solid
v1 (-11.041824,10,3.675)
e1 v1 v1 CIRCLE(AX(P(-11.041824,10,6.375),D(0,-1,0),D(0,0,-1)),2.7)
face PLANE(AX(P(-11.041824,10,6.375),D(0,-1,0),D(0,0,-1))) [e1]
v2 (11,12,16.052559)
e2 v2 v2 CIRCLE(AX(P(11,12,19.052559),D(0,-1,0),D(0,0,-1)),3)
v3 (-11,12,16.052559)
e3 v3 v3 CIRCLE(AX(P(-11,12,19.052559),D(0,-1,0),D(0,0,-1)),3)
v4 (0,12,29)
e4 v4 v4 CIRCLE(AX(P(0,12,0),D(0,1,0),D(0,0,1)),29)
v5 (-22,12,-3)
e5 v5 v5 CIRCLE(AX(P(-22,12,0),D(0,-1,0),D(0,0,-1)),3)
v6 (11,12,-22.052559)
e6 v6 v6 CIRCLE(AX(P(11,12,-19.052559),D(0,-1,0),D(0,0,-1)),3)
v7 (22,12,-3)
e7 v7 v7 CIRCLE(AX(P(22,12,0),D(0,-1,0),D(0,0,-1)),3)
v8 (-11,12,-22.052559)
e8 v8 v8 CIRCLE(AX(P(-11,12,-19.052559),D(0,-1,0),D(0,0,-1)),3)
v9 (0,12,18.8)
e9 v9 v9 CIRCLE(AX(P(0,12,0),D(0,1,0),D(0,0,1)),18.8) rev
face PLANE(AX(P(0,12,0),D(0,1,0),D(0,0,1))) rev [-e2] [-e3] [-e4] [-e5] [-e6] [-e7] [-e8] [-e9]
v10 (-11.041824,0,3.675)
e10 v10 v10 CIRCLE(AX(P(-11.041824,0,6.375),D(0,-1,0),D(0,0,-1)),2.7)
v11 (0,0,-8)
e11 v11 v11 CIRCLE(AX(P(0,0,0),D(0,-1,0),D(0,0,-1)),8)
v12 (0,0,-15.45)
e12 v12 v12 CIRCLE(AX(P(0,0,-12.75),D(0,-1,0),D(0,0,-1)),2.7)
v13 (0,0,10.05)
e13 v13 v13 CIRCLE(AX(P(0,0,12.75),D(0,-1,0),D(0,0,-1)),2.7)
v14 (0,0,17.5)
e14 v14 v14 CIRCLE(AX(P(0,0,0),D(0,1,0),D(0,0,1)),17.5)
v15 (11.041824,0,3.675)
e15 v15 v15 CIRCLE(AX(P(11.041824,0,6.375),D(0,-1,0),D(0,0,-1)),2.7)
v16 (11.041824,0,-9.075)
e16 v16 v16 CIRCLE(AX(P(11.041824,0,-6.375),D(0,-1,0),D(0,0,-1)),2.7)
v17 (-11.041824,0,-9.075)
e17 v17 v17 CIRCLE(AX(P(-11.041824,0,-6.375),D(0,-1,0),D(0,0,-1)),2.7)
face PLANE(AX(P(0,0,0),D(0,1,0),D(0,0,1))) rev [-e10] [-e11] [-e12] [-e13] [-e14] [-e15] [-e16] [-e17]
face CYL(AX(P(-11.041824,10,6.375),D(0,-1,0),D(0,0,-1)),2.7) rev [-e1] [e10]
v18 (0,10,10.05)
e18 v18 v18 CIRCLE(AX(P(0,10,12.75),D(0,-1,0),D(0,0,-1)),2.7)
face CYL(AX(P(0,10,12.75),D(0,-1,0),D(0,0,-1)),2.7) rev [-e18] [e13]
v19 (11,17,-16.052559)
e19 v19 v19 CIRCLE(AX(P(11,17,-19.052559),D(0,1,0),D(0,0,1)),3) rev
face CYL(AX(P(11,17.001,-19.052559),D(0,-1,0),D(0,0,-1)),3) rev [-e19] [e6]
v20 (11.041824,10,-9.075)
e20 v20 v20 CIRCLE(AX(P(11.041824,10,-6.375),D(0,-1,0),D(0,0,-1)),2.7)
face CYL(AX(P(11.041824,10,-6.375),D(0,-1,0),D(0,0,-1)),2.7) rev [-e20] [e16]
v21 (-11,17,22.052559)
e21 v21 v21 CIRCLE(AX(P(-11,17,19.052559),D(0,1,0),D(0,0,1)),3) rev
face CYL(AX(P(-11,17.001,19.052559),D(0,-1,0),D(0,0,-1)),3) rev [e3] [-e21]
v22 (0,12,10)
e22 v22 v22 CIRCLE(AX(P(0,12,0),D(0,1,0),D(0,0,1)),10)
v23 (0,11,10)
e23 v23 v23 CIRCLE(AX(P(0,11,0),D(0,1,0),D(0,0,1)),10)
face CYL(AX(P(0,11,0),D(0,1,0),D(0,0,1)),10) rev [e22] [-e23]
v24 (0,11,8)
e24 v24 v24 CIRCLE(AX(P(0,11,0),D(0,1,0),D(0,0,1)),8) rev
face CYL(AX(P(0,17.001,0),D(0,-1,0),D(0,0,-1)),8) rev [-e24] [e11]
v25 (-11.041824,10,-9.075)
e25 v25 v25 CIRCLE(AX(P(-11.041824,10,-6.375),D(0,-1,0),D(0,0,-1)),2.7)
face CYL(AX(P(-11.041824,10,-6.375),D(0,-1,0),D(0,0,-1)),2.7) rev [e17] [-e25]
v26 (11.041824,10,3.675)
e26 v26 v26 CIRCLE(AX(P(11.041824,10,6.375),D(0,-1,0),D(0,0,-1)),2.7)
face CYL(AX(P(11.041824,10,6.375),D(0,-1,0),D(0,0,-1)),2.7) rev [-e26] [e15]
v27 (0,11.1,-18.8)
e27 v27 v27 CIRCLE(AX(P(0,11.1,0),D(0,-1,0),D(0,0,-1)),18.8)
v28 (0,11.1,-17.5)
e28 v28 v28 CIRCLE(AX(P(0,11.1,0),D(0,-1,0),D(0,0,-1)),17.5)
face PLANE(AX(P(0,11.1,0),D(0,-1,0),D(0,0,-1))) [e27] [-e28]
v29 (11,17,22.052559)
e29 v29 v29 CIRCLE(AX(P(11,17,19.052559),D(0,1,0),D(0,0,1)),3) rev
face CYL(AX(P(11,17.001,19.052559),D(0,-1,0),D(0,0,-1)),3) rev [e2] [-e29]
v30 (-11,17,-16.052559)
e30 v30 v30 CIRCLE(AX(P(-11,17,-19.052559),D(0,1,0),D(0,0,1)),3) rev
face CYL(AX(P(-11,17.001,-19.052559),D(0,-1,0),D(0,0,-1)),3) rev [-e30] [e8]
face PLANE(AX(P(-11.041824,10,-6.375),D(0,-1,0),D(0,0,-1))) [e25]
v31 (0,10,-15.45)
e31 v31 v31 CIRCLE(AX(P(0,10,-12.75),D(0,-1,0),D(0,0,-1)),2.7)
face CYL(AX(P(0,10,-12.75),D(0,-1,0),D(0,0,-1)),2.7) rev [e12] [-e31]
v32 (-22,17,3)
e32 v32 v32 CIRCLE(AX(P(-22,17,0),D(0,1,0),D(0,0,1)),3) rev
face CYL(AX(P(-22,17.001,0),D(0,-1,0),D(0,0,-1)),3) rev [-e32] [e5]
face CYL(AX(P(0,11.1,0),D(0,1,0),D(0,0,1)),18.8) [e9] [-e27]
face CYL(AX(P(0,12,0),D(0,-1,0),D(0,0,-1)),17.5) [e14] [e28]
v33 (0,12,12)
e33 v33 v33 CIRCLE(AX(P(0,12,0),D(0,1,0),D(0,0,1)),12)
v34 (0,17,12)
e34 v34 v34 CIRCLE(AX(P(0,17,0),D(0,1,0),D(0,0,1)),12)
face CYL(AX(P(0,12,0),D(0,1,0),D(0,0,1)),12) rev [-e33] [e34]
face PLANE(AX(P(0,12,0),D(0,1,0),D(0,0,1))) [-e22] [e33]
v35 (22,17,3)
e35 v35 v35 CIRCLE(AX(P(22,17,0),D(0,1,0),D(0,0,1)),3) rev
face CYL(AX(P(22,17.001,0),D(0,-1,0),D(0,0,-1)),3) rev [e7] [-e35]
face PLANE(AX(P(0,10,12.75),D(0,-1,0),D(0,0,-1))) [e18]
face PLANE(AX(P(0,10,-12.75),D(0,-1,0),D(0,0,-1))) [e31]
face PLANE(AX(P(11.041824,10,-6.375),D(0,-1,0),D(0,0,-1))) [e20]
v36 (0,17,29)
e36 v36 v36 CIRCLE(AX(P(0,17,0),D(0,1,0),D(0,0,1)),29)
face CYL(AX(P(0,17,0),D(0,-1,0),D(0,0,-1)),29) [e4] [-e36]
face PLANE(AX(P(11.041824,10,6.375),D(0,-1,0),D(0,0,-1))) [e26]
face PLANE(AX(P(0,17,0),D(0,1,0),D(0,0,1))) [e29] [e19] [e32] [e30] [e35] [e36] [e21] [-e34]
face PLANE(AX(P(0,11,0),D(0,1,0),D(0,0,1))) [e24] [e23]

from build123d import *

# Parameters (mm, degrees)
SKETCH1_R           = 17.5
BOSS_EXTRUDE1_DEPTH = 12
SKETCH2_R           = 29
BOSS_EXTRUDE2_DEPTH = 5
SKETCH3_R           = 12
CUT_EXTRUDE1_DEPTH  = 5
SKETCH4_R           = 10
CUT_EXTRUDE2_DEPTH  = 1
CUT_EXTRUDE3_REACH  = 44.732
SKETCH5_R           = 3
BOSS_EXTRUDE3_START = 0.9
SKETCH6_R           = 18.8
SKETCH6_R_2         = 17.5
BOSS_EXTRUDE3_DEPTH = 0.9
CUT_EXTRUDE4_REACH  = 46.396
SKETCH7_R           = 8
SKETCH9_R           = 2.7
CUT_EXTRUDE5_DEPTH  = 10


with BuildPart() as part:
    # Sketch1 → Boss-Extrude1 (new body)
    with BuildSketch(Plane(origin=(0, 0, 0), x_dir=(1, 0, 0), z_dir=(0, 1, 0))):
        with Locations(Location((0, 0, 0), (0, 0, 270))):
            Circle(SKETCH1_R)
    extrude(amount=BOSS_EXTRUDE1_DEPTH)

    # Sketch2 → Boss-Extrude2 (add)
    with BuildSketch(Plane(origin=(0, 12, 0), x_dir=(1, 0, 0), z_dir=(0, 1, 0))):
        with Locations(Location((0, 0, 0), (0, 0, 270))):
            Circle(SKETCH2_R)
    extrude(amount=BOSS_EXTRUDE2_DEPTH)

    # Sketch3 → Cut-Extrude1 (cut)
    with BuildSketch(Plane(origin=(0, 17, 0), x_dir=(1, 0, 0), z_dir=(0, 1, 0))):
        with Locations(Location((0, 0, 0), (0, 0, 270))):
            Circle(SKETCH3_R)
    extrude(amount=-CUT_EXTRUDE1_DEPTH, mode=Mode.SUBTRACT)

    # Sketch4 → Cut-Extrude2 (cut)
    with BuildSketch(Plane(origin=(0, 12, 0), x_dir=(1, 0, 0), z_dir=(0, 1, 0))):
        with Locations(Location((0, 0, 0), (0, 0, 270))):
            Circle(SKETCH4_R)
    extrude(amount=-CUT_EXTRUDE2_DEPTH, mode=Mode.SUBTRACT)

    # Sketch5 → Cut-Extrude3 (cut, up to next)
    with BuildSketch(Plane.XZ.offset(-12), mode=Mode.PRIVATE) as cut_extrude3_sk1:
        with Locations(Location((22, 0, 0), (0, 0, 270))):
            Circle(SKETCH5_R)
    cut_extrude3_tool1 = extrude(cut_extrude3_sk1.sketch, amount=-CUT_EXTRUDE3_REACH, mode=Mode.PRIVATE) & part.part
    # Sketch5 → Cut-Extrude3 (cut, up to next)
    with BuildSketch(Plane.XZ.offset(-12), mode=Mode.PRIVATE) as cut_extrude3_sk2:
        with Locations(Location((11, -19.052558883, 0), (0, 0, 270))):
            Circle(SKETCH5_R)
    cut_extrude3_tool2 = extrude(cut_extrude3_sk2.sketch, amount=-CUT_EXTRUDE3_REACH, mode=Mode.PRIVATE) & part.part
    # Sketch5 → Cut-Extrude3 (cut, up to next)
    with BuildSketch(Plane.XZ.offset(-12), mode=Mode.PRIVATE) as cut_extrude3_sk3:
        with Locations(Location((-11, -19.052558883, 0), (0, 0, 270))):
            Circle(SKETCH5_R)
    cut_extrude3_tool3 = extrude(cut_extrude3_sk3.sketch, amount=-CUT_EXTRUDE3_REACH, mode=Mode.PRIVATE) & part.part
    # Sketch5 → Cut-Extrude3 (cut, up to next)
    with BuildSketch(Plane.XZ.offset(-12), mode=Mode.PRIVATE) as cut_extrude3_sk4:
        with Locations(Location((-22, 0, 0), (0, 0, 270))):
            Circle(SKETCH5_R)
    cut_extrude3_tool4 = extrude(cut_extrude3_sk4.sketch, amount=-CUT_EXTRUDE3_REACH, mode=Mode.PRIVATE) & part.part
    # Sketch5 → Cut-Extrude3 (cut, up to next)
    with BuildSketch(Plane.XZ.offset(-12), mode=Mode.PRIVATE) as cut_extrude3_sk5:
        with Locations(Location((-11, 19.052558883, 0), (0, 0, 270))):
            Circle(SKETCH5_R)
    cut_extrude3_tool5 = extrude(cut_extrude3_sk5.sketch, amount=-CUT_EXTRUDE3_REACH, mode=Mode.PRIVATE) & part.part
    # Sketch5 → Cut-Extrude3 (cut, up to next)
    with BuildSketch(Plane.XZ.offset(-12), mode=Mode.PRIVATE) as cut_extrude3_sk6:
        with Locations(Location((11, 19.052558883, 0), (0, 0, 270))):
            Circle(SKETCH5_R)
    cut_extrude3_tool6 = extrude(cut_extrude3_sk6.sketch, amount=-CUT_EXTRUDE3_REACH, mode=Mode.PRIVATE) & part.part
    add(cut_extrude3_tool1.solids().sort_by_distance((22, 12, 0))[0], mode=Mode.SUBTRACT)
    add(cut_extrude3_tool2.solids().sort_by_distance((11, 12, -19.052559))[0], mode=Mode.SUBTRACT)
    add(cut_extrude3_tool3.solids().sort_by_distance((-11, 12, -19.052559))[0], mode=Mode.SUBTRACT)
    add(cut_extrude3_tool4.solids().sort_by_distance((-22, 12, 0))[0], mode=Mode.SUBTRACT)
    add(cut_extrude3_tool5.solids().sort_by_distance((-11, 12, 19.052559))[0], mode=Mode.SUBTRACT)
    add(cut_extrude3_tool6.solids().sort_by_distance((11, 12, 19.052559))[0], mode=Mode.SUBTRACT)

    # Sketch6 → Boss-Extrude3 (add)
    with BuildSketch(Plane.XZ.offset(-12).offset(BOSS_EXTRUDE3_START)):
        with Locations(Location((0, 0, 0), (0, 0, 90))):
            Circle(SKETCH6_R)
        with Locations(Location((0, 0, 0), (0, 0, 270))):
            Circle(SKETCH6_R_2, mode=Mode.SUBTRACT)
    extrude(amount=-BOSS_EXTRUDE3_DEPTH)

    # Sketch7 → Cut-Extrude4 (cut, up to next)
    with BuildSketch(Plane.XZ, mode=Mode.PRIVATE) as cut_extrude4_sk1:
        with Locations(Location((0, 0, 0), (0, 0, 270))):
            Circle(SKETCH7_R)
    cut_extrude4_tool1 = extrude(cut_extrude4_sk1.sketch, amount=-CUT_EXTRUDE4_REACH, mode=Mode.PRIVATE) & part.part
    add(cut_extrude4_tool1.solids().sort_by_distance((0, 0, 0))[0], mode=Mode.SUBTRACT)

    # Sketch9 → Cut-Extrude5 (cut)
    with BuildSketch(Plane.XZ):
        with Locations(Location((0, 12.75, 0), (0, 0, 270))):
            Circle(SKETCH9_R)
        with Locations(Location((11.041823898, 6.375, 0), (0, 0, 270))):
            Circle(SKETCH9_R)
        with Locations(Location((11.041823898, -6.375, 0), (0, 0, 270))):
            Circle(SKETCH9_R)
        with Locations(Location((0, -12.75, 0), (0, 0, 270))):
            Circle(SKETCH9_R)
        with Locations(Location((-11.041823898, -6.375, 0), (0, 0, 270))):
            Circle(SKETCH9_R)
        with Locations(Location((-11.041823898, 6.375, 0), (0, 0, 270))):
            Circle(SKETCH9_R)
    extrude(amount=-CUT_EXTRUDE5_DEPTH, mode=Mode.SUBTRACT)


solid = part.part
